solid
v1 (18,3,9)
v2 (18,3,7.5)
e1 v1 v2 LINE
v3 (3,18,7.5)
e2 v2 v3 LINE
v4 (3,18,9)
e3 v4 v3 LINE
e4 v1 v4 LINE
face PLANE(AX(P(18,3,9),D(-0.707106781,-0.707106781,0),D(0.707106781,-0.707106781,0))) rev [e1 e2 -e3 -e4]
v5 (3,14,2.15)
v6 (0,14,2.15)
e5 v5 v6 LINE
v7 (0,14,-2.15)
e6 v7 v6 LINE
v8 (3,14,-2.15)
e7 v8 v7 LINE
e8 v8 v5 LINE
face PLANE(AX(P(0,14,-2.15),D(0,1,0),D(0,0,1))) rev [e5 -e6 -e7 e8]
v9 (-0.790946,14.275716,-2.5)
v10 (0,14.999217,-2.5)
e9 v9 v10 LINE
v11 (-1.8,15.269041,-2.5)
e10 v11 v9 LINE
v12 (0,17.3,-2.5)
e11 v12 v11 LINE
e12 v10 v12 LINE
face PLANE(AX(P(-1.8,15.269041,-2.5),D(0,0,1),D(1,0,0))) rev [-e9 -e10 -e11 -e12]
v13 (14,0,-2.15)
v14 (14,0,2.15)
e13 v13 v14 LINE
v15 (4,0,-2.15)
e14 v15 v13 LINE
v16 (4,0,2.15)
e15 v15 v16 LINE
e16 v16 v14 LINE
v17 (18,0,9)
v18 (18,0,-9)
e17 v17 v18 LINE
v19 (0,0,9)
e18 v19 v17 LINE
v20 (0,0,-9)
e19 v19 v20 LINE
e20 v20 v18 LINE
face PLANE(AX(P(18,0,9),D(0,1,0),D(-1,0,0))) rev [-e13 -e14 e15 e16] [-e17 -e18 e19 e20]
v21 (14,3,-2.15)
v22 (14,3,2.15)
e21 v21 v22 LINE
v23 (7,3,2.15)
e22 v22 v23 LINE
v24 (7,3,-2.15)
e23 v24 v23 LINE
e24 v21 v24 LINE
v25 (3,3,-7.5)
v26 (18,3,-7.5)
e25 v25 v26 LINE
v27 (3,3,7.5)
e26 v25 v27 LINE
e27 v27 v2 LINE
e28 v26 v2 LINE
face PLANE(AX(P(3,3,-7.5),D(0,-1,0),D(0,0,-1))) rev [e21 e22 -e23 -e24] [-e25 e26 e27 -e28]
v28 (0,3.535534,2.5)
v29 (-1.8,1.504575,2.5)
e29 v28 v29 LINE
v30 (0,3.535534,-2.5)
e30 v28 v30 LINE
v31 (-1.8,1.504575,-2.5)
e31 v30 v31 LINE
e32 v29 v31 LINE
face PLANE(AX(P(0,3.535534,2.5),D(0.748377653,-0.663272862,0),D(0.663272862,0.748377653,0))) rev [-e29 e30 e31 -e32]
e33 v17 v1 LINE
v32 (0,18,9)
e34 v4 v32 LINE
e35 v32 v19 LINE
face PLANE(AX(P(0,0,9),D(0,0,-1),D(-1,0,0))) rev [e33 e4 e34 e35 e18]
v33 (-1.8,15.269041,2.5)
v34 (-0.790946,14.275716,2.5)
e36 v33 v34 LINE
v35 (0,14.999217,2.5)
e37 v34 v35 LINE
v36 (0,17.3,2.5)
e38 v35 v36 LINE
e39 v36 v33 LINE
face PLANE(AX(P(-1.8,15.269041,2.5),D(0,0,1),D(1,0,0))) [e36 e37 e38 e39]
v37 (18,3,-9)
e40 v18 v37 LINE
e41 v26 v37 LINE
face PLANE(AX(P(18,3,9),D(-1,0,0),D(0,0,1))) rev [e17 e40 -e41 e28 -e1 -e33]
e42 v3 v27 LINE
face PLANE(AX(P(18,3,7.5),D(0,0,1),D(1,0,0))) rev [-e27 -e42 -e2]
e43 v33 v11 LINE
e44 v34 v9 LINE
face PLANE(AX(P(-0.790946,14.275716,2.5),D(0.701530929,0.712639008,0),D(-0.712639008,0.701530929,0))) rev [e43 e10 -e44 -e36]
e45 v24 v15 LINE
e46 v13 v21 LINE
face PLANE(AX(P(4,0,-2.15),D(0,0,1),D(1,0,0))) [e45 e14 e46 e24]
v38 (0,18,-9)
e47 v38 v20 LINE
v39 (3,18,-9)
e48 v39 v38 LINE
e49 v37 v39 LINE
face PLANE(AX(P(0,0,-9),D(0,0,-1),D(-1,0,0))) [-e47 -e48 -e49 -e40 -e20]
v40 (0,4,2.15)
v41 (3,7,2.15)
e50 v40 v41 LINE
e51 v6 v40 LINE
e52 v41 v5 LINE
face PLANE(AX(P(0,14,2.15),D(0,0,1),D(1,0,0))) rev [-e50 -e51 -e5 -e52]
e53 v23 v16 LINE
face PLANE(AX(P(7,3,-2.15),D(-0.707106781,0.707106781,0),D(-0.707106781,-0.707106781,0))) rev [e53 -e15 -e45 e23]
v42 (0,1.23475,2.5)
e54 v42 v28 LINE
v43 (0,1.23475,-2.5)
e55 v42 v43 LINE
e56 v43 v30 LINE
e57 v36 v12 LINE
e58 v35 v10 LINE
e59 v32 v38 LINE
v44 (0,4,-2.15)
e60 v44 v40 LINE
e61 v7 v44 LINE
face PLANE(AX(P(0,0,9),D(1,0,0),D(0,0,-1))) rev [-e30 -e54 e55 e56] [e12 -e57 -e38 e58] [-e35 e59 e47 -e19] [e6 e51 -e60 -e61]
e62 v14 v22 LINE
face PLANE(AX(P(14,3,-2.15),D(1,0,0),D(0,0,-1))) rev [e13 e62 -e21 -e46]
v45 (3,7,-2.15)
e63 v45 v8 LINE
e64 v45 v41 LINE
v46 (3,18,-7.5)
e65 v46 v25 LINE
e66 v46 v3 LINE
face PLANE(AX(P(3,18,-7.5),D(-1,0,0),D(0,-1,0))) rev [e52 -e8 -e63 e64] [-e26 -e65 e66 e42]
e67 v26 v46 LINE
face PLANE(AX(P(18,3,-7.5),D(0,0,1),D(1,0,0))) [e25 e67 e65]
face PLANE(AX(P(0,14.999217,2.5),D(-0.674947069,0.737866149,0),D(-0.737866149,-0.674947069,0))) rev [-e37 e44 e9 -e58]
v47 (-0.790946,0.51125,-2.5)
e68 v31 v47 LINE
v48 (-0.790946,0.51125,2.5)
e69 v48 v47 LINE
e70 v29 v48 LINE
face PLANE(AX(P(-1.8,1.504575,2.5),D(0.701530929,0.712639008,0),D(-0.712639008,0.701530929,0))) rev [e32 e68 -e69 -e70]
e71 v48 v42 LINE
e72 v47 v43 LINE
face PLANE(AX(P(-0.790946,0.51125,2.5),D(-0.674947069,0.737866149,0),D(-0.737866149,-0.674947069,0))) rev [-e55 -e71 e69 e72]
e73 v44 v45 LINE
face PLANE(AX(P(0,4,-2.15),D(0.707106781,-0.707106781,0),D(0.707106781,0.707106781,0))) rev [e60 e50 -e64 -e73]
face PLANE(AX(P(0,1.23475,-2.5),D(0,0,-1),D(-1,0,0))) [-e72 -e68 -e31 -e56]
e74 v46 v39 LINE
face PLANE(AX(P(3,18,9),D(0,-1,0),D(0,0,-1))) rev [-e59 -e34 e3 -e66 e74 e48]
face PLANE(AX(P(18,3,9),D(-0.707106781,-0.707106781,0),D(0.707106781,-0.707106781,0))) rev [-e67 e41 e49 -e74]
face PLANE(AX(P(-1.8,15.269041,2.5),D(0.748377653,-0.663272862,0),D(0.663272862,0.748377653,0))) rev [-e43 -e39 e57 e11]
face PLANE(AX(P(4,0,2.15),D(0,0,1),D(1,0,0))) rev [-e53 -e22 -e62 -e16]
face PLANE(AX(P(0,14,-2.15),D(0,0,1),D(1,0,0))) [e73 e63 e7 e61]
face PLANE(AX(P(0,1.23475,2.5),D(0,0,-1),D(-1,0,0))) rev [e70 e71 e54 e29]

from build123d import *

# Parameters (mm, degrees)
BOSS_EXTRUDE1_DEPTH = 9
CUT_EXTRUDE1_DEPTH  = 7.5
CUT_EXTRUDE2_DEPTH  = 2.15
BOSS_EXTRUDE2_DEPTH = 2.5
SKETCH8_W           = 5
SKETCH8_H           = 2.300783428
SKETCH8_H_2         = 2.300783429
CUT_EXTRUDE6_DEPTH  = 2.54


with BuildPart() as part:
    # Sketch1 → Boss-Extrude1 (new, symmetric)
    with BuildSketch(Plane.XY):
        Polygon((0, 0), (0, 18), (3, 18), (18, 3), (18, 0), align=None)
    extrude(amount=BOSS_EXTRUDE1_DEPTH, both=True)

    # Sketch2 → Cut-Extrude1 (cut, symmetric)
    with BuildSketch(Plane.XY):
        Polygon((3, 18), (3, 3), (18, 3), align=None)
    extrude(amount=CUT_EXTRUDE1_DEPTH, both=True, mode=Mode.SUBTRACT)

    # Sketch3 → Cut-Extrude2 (cut, symmetric)
    with BuildSketch(Plane.XY):
        Polygon((0, 14), (3, 14), (3, 7), (0, 4), align=None)
        Polygon((7, 3), (14, 3), (14, 0), (4, 0), align=None)
    extrude(amount=CUT_EXTRUDE2_DEPTH, both=True, mode=Mode.SUBTRACT)

    # Sketch4 → Boss-Extrude2 (add, symmetric)
    with BuildSketch(Plane.XY):
        Polygon((1.504575227, -1.8), (0.511249685, -0.790946088), (1.234750477, 0), (3.535533906, 0), align=None)
        Polygon((0, 3.535533906), (-1.8, 1.504575227), (-0.790946088, 0.511249685), (0, 1.234750477), align=None)
        Polygon((0, 17.3), (0, 14.999216572), (-0.790946088, 14.275715779), (-1.8, 15.269041321), align=None)
        Polygon((14.999216572, 0), (14.275715779, -0.790946088), (15.269041321, -1.8), (17.3, 0), align=None)
    extrude(amount=BOSS_EXTRUDE2_DEPTH, both=True)

    # Sketch8 → Cut-Extrude6 (cut)
    with BuildSketch(Plane(origin=(114.3, 0, -271.000209725), x_dir=(0, 0, 1), z_dir=(0, 1, 0))):
        with Locations((271.000209725, -98.150391714)):
            Rectangle(SKETCH8_W, SKETCH8_H)
        with Locations((271.000209725, -111.914857809)):
            Rectangle(SKETCH8_W, SKETCH8_H_2)
    extrude(amount=-CUT_EXTRUDE6_DEPTH, mode=Mode.SUBTRACT)


with BuildPart() as cut_extrude6_kept_piece:
    # of the separate pieces the step leaves, the one the design keeps (cut_extrude6_pieces_kept)
    add(part.part.solids().sort_by_distance((0, 0, -9))[0])


solid = cut_extrude6_kept_piece.part
